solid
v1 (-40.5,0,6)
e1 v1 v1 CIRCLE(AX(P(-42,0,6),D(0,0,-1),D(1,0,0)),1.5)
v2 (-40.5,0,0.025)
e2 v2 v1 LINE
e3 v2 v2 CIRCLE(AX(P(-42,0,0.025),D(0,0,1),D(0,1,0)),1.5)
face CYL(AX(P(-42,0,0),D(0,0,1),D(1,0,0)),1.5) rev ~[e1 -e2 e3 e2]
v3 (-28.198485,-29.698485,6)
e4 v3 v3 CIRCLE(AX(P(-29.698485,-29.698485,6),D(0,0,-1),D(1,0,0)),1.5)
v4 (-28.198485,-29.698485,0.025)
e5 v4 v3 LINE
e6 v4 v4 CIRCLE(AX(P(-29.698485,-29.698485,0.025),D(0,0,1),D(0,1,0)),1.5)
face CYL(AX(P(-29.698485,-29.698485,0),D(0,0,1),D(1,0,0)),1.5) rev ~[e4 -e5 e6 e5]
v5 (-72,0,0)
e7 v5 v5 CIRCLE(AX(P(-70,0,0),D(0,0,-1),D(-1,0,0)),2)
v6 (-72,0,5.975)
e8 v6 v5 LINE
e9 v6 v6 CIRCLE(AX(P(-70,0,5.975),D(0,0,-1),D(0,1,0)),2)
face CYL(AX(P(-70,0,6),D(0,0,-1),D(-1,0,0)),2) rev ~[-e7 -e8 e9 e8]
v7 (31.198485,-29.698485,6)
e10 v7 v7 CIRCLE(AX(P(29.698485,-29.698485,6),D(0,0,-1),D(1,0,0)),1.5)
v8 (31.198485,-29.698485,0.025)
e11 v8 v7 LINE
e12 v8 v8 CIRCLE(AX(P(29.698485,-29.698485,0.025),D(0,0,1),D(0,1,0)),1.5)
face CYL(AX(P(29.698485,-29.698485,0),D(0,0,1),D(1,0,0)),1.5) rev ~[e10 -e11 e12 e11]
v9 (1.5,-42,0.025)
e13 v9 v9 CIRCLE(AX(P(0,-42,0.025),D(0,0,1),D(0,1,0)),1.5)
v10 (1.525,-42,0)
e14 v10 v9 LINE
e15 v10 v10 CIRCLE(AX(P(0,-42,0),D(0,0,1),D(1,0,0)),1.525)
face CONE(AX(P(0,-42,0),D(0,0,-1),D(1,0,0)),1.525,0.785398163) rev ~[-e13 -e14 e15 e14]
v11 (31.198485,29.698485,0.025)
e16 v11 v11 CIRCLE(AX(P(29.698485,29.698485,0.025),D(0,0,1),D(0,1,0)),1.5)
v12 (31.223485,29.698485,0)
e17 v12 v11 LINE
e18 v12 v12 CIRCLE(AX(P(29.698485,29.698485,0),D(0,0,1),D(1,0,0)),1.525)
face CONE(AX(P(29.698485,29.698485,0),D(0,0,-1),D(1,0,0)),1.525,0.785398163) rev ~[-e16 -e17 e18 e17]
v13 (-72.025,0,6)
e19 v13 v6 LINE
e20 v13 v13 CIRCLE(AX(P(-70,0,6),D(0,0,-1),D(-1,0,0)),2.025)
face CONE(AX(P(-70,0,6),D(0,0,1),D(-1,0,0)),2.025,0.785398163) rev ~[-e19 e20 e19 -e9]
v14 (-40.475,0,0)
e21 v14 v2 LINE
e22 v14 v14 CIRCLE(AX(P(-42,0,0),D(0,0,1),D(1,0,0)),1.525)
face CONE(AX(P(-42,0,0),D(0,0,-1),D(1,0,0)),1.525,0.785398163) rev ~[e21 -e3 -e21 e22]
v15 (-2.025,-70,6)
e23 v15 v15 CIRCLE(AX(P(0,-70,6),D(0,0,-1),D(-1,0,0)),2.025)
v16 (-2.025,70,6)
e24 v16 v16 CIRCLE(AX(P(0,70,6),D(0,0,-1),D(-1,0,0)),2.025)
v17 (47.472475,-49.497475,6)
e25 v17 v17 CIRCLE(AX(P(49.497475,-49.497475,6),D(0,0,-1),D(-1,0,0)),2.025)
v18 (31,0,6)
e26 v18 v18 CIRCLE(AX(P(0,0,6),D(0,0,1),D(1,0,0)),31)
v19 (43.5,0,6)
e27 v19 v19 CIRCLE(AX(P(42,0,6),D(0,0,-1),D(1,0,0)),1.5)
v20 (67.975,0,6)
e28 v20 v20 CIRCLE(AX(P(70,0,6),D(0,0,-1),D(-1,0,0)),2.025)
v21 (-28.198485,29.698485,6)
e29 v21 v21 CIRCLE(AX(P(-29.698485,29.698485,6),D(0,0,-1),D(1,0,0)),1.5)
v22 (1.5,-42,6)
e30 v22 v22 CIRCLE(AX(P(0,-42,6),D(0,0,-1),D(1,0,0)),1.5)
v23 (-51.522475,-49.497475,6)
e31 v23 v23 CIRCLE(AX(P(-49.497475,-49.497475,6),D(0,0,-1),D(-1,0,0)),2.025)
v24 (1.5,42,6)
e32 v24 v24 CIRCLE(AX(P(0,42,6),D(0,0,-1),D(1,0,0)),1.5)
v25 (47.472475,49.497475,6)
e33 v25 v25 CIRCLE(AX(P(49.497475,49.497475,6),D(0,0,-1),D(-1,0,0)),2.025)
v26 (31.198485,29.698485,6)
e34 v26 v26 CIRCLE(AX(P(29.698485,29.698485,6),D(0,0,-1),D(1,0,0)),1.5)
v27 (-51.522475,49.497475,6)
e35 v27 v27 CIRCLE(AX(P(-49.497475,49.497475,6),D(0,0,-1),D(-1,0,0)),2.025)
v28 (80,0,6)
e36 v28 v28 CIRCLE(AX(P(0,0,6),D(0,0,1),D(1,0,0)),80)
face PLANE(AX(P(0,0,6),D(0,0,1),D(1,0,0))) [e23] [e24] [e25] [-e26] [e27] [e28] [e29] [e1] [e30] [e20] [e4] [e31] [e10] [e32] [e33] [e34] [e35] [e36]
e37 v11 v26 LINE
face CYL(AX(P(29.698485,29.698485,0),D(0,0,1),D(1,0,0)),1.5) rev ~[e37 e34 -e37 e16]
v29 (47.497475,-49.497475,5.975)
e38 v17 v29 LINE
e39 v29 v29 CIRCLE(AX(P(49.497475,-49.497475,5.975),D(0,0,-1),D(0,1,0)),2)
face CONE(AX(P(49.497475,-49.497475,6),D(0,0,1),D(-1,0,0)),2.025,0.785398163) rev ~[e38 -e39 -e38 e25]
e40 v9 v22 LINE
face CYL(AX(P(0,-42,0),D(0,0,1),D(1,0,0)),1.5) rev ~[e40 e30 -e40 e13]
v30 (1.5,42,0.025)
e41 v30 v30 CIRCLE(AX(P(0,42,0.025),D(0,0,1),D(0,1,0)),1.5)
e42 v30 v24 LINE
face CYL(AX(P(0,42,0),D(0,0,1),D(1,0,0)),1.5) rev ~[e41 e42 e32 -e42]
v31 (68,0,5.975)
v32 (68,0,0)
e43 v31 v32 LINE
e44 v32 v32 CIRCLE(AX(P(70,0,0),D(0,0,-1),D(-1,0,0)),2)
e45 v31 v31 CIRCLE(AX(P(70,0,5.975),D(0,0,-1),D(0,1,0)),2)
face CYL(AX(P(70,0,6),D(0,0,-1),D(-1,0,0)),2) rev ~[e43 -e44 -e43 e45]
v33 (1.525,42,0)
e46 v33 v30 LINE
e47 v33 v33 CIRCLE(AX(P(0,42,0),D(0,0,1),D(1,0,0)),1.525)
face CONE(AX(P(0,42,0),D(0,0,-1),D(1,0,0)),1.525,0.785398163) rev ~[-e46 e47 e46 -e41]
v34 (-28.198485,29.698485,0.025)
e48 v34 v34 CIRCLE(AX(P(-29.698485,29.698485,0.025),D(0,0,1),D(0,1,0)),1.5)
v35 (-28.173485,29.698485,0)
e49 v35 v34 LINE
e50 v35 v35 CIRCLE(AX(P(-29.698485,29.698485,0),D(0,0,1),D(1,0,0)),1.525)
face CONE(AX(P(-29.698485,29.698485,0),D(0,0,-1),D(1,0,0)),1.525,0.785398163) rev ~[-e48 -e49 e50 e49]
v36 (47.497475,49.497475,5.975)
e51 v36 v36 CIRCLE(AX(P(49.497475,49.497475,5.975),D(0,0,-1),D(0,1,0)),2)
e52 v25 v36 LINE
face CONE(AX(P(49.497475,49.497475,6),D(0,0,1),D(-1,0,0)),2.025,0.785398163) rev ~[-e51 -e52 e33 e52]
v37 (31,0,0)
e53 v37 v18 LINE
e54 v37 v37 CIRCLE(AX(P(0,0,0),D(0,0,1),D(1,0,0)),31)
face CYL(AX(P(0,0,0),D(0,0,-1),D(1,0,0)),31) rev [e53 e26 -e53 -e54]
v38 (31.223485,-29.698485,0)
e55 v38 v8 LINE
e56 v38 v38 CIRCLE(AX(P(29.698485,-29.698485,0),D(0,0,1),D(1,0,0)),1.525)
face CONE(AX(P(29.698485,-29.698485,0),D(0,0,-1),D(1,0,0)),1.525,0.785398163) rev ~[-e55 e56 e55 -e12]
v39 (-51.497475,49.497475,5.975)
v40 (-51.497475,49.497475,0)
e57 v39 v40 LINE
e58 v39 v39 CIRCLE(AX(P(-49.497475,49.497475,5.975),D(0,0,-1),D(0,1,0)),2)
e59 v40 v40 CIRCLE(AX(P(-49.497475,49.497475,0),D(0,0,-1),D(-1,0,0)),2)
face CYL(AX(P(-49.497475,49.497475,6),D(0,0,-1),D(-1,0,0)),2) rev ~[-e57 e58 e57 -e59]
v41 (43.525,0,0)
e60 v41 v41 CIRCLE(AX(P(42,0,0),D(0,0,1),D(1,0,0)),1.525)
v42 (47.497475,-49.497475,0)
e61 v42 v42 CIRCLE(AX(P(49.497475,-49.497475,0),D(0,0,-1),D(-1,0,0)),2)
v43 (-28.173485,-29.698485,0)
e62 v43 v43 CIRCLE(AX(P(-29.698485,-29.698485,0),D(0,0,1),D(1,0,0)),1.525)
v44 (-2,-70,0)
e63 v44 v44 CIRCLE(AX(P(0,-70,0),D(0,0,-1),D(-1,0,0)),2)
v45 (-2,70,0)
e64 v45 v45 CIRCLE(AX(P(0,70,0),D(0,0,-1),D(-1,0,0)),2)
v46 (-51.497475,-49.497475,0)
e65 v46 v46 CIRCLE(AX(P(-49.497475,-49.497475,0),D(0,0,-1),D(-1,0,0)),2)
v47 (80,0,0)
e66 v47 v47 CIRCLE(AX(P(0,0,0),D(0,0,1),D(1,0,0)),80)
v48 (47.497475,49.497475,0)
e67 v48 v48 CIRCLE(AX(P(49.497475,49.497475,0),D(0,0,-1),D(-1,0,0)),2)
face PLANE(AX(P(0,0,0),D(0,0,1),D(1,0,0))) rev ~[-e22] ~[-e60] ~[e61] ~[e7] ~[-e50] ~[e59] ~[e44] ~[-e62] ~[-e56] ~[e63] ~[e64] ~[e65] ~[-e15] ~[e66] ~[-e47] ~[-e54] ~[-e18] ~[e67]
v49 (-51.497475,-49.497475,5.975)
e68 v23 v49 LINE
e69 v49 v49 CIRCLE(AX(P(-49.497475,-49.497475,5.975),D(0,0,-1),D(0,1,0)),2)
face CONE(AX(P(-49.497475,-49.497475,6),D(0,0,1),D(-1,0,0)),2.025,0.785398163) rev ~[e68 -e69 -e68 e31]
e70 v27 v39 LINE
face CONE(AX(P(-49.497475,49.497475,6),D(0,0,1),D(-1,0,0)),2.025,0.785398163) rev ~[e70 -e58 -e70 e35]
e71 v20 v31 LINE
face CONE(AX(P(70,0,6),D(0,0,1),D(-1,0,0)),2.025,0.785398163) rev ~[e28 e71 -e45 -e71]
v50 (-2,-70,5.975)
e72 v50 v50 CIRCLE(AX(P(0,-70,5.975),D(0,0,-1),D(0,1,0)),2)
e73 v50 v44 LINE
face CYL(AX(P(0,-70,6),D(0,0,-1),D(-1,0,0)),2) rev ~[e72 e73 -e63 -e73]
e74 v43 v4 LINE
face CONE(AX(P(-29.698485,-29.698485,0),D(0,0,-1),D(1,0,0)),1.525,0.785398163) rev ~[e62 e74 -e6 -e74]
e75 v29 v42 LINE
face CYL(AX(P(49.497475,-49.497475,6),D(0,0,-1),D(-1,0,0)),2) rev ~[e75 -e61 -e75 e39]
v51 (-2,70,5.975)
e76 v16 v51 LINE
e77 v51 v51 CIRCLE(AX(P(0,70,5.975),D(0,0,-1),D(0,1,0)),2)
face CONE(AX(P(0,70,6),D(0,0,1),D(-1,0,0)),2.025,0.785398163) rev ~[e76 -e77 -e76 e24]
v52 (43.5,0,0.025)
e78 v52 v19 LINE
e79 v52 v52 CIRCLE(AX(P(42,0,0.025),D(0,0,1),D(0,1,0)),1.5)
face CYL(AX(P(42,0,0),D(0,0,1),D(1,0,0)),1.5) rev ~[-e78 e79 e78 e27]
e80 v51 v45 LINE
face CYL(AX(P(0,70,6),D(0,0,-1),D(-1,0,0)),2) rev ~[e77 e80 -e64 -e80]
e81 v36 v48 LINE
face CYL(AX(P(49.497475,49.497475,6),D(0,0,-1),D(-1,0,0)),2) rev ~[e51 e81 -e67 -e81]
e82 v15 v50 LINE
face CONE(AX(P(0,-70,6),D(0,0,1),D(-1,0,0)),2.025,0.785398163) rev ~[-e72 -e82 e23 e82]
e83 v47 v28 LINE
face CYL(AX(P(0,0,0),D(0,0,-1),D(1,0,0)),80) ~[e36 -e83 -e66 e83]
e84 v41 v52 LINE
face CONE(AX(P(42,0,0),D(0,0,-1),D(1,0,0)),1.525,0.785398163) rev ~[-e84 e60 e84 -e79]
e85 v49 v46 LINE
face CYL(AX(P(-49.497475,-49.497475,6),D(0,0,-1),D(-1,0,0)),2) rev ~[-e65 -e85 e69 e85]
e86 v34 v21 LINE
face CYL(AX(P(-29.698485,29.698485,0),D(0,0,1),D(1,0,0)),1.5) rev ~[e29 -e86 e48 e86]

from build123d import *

# Parameters (mm, degrees)
SKETCH2_R                       = 80
SKETCH2_R_2                     = 31
BOSS_EXTRUDE1_DEPTH             = 6
F_4_0MM_DOWEL_HOLE1_D           = 4
F_4_0MM_DOWEL_HOLE1_CSINK_D     = 4.05
F_4_0MM_DOWEL_HOLE1_CSINK_ANGLE = 90
F_3_0MM_DOWEL_HOLE1_D           = 3
F_3_0MM_DOWEL_HOLE1_DEPTH       = 6
F_3_0MM_DOWEL_HOLE1_CSINK_D     = 3.05
F_3_0MM_DOWEL_HOLE1_CSINK_ANGLE = 90
F_3_0MM_DOWEL_HOLE1_TIP         = 0.901290929


with BuildPart() as part:
    # Sketch2 → Boss-Extrude1 (new body)
    with BuildSketch(Plane.XY):
        Circle(SKETCH2_R)
        Circle(SKETCH2_R_2, mode=Mode.SUBTRACT)
    extrude(amount=BOSS_EXTRUDE1_DEPTH)

    # Ø4.0mm Dowel Hole1 (through all)
    with Locations(Plane.XY.offset(6)):
        with Locations((0, 70), (-49.497474683, 49.497474683), (-70, 0), (-49.497474683, -49.497474683), (0, -70), (49.497474683, -49.497474683), (70, 0), (49.497474683, 49.497474683)):
            CounterSinkHole(F_4_0MM_DOWEL_HOLE1_D / 2, F_4_0MM_DOWEL_HOLE1_CSINK_D / 2, counter_sink_angle=F_4_0MM_DOWEL_HOLE1_CSINK_ANGLE)

    # Ø3.0mm Dowel Hole1
    with Locations(Plane(origin=(0, 0, 0), x_dir=(-1, 0, 0), z_dir=(0, 0, -1))):
        with Locations((-29.69848481, -29.69848481), (-42, 0), (-29.69848481, 29.69848481), (0, 42), (29.69848481, 29.69848481), (42, 0), (29.69848481, -29.69848481), (0, -42)):
            CounterSinkHole(F_3_0MM_DOWEL_HOLE1_D / 2, F_3_0MM_DOWEL_HOLE1_CSINK_D / 2, depth=F_3_0MM_DOWEL_HOLE1_DEPTH, counter_sink_angle=F_3_0MM_DOWEL_HOLE1_CSINK_ANGLE)
            with Locations((0, 0, -(F_3_0MM_DOWEL_HOLE1_DEPTH + F_3_0MM_DOWEL_HOLE1_TIP / 2))):  # 118° drill point
                Cone(0, F_3_0MM_DOWEL_HOLE1_D / 2, F_3_0MM_DOWEL_HOLE1_TIP, mode=Mode.SUBTRACT)


solid = part.part
